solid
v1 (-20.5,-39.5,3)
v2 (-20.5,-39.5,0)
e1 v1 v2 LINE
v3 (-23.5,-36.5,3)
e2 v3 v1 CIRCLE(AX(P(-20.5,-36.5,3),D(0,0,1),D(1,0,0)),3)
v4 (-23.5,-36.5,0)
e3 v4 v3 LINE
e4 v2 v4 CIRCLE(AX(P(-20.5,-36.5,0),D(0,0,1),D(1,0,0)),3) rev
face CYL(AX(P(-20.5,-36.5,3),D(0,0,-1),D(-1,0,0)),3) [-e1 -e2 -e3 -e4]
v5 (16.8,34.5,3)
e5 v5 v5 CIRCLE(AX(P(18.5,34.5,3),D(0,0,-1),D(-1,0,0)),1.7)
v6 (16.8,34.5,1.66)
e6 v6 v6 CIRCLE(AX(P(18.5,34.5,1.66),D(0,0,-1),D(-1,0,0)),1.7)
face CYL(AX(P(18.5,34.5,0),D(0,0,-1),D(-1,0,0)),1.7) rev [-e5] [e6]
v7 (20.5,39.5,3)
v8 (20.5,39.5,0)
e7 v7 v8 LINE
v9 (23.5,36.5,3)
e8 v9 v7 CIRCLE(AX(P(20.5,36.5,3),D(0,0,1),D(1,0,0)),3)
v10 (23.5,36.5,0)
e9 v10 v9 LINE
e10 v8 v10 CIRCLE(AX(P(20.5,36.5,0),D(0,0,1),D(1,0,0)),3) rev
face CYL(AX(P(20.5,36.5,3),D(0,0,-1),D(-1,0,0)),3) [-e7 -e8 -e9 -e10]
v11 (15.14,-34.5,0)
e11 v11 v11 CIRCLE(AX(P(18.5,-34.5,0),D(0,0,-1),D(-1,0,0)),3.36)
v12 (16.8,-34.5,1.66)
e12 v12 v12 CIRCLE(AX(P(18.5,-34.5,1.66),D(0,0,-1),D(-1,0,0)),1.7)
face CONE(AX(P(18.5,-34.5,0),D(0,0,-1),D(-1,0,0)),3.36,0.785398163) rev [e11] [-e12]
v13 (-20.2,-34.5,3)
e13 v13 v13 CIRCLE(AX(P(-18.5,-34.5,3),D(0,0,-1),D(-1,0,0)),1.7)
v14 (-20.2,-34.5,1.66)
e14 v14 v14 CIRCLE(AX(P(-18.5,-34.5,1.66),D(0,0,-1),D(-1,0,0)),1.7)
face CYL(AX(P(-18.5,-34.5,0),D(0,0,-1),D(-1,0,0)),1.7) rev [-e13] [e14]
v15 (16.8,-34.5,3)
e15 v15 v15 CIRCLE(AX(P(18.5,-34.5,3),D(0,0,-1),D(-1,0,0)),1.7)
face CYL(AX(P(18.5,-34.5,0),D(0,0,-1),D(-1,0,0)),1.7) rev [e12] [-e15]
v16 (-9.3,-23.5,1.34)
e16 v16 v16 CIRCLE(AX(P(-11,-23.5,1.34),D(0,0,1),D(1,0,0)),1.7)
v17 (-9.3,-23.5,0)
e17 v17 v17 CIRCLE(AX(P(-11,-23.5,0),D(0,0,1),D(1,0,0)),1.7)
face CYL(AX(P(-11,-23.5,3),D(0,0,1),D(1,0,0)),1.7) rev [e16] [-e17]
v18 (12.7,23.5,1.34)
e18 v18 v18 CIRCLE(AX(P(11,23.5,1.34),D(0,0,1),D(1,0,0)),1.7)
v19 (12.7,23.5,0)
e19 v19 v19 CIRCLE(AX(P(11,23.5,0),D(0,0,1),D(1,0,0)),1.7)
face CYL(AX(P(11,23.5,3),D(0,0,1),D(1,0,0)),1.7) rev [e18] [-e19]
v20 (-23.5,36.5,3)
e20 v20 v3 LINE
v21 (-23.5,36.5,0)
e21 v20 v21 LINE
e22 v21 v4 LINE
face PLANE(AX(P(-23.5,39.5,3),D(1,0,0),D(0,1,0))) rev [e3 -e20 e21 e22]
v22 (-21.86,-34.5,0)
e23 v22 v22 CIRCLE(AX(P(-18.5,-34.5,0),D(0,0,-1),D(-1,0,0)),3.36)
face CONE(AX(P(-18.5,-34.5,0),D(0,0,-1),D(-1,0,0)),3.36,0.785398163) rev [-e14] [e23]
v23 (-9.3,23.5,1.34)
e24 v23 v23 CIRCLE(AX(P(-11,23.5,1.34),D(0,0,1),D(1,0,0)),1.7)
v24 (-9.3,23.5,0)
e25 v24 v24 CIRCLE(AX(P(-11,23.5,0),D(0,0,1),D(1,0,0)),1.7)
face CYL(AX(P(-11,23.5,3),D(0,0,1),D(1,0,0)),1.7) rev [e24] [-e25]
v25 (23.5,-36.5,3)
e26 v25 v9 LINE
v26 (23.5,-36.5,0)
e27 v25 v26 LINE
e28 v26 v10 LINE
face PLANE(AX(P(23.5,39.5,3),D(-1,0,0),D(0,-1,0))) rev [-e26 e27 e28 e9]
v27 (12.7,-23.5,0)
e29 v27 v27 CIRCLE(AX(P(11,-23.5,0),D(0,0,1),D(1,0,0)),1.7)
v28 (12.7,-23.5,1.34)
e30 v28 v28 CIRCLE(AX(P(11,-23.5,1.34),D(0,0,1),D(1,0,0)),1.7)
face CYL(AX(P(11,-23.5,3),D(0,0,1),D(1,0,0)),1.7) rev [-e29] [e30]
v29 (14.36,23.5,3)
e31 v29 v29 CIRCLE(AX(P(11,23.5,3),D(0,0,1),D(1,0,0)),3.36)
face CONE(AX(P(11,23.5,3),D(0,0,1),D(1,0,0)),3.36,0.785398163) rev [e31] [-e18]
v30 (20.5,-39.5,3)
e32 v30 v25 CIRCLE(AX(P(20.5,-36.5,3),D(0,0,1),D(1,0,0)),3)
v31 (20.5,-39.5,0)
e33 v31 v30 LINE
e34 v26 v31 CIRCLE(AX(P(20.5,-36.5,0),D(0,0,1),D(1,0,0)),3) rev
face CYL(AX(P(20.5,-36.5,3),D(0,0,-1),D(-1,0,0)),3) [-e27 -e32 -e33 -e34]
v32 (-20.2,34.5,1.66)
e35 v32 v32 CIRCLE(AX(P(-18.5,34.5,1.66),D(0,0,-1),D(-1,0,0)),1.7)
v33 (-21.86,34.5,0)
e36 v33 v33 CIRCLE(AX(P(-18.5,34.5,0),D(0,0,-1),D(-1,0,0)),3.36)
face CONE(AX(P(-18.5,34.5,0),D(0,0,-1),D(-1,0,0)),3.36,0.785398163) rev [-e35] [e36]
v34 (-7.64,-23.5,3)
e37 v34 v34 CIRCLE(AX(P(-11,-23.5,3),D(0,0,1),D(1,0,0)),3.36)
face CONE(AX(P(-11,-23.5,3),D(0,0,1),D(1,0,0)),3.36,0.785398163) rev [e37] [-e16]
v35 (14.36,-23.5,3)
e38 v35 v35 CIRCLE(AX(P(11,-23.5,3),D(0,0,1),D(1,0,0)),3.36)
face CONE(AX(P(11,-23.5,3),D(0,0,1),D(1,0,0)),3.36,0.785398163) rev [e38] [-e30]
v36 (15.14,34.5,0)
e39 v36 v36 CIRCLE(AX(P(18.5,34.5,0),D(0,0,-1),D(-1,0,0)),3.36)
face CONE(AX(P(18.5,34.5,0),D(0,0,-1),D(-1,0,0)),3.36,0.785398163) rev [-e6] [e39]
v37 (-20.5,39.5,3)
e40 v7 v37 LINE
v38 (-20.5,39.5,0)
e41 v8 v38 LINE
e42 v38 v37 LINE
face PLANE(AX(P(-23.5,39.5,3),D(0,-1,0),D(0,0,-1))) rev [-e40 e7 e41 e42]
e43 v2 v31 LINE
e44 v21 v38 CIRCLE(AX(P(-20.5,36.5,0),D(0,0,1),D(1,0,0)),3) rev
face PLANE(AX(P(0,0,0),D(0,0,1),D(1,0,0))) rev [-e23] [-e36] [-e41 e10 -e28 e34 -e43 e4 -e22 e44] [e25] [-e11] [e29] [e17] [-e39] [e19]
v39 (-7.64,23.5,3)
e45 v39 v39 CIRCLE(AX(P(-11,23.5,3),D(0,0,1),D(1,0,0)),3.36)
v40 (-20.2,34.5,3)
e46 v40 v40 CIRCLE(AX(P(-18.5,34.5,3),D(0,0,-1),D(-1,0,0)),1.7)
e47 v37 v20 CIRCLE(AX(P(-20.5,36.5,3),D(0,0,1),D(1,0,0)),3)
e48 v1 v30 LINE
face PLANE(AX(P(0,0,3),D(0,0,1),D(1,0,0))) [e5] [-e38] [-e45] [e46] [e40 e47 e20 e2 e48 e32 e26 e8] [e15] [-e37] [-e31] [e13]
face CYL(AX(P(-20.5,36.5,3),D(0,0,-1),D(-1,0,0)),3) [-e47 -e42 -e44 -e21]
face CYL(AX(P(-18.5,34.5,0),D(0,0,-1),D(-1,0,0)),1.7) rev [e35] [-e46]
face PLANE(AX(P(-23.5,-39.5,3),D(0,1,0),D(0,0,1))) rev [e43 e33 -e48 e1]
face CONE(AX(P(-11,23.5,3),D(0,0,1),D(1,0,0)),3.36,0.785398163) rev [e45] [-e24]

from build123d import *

# Parameters (mm, degrees)
SKETCH_1_W                 = 47
SKETCH_1_H                 = 79
EXTRUDE_1_DEPTH            = 3
HOLE_WIZARD_M31_AT_2_COUNT = 2
HOLE_WIZARD_M31_AT_2_PITCH = 22
HOLE_WIZARD_M31_AT_3_COUNT = 2
HOLE_WIZARD_M31_AT_3_PITCH = 47
HOLE_WIZARD_M31_AT_4_COUNT = 2
HOLE_WIZARD_M31_AT_4_PITCH = 51.894122981
HOLE_WIZARD_M32_AT_2_COUNT = 2
HOLE_WIZARD_M32_AT_2_PITCH = 37
HOLE_WIZARD_M32_AT_3_COUNT = 2
HOLE_WIZARD_M32_AT_3_PITCH = 69
HOLE_WIZARD_M32_AT_4_COUNT = 2
HOLE_WIZARD_M32_AT_4_PITCH = 78.294316524
FILLET_1_R                 = 3


with BuildPart() as part:
    # Эскиз1 → Бобышка-Вытянуть1 (new body)
    with BuildSketch(Plane.XY):
        Rectangle(SKETCH_1_W, SKETCH_1_H)
    extrude(amount=EXTRUDE_1_DEPTH)

    # Эскиз3 → Зенковка для  винта с потайной головкой с внутренним шестигранником M31 (revolve, cut)
    with BuildSketch(Plane(origin=(-11, 23.5, 3), x_dir=(0, -1, 0), z_dir=(1, 0, 0))):
        Polygon((0, 0), (0, 3), (1.7, 3), (1.7, 1.66), (3.36, 0), align=None)
    hole_wizard_m31 = revolve(axis=Axis((-11, 23.5, 9.35), (0, 0, -1)), mode=Mode.SUBTRACT)

    # Зенковка для  винта с потайной головкой с внутренним шестигранником M31 at 2: Зенковка для  винта с потайной головкой с внутренним шестигранником M31 ×2
    with Locations(*[(i * HOLE_WIZARD_M31_AT_2_PITCH, 0, 0) for i in range(1, HOLE_WIZARD_M31_AT_2_COUNT)]):
        add(hole_wizard_m31, mode=Mode.SUBTRACT)

    # Зенковка для  винта с потайной головкой с внутренним шестигранником M31 at 3: Зенковка для  винта с потайной головкой с внутренним шестигранником M31 ×2
    with Locations(*[(0, -i * HOLE_WIZARD_M31_AT_3_PITCH, 0) for i in range(1, HOLE_WIZARD_M31_AT_3_COUNT)]):
        add(hole_wizard_m31, mode=Mode.SUBTRACT)

    # Зенковка для  винта с потайной головкой с внутренним шестигранником M31 at 4: Зенковка для  винта с потайной головкой с внутренним шестигранником M31 ×2
    with Locations(*[Vector(0.42394010604863086, -0.9056902265584386, 0) * (i * HOLE_WIZARD_M31_AT_4_PITCH) for i in range(1, HOLE_WIZARD_M31_AT_4_COUNT)]):
        add(hole_wizard_m31, mode=Mode.SUBTRACT)

    # Эскиз6 → Зенковка для  винта с потайной головкой с внутренним шестигранником M32 (revolve, cut)
    with BuildSketch(Plane(origin=(18.5, 34.5, 0), x_dir=(0, 1, 0), z_dir=(1, 0, 0))):
        Polygon((0, 0), (0, 3), (1.7, 3), (1.7, 1.66), (3.36, 0), align=None)
    hole_wizard_m32 = revolve(axis=Axis((18.5, 34.5, -6.35), (0, 0, 1)), mode=Mode.SUBTRACT)

    # Зенковка для  винта с потайной головкой с внутренним шестигранником M32 at 2: Зенковка для  винта с потайной головкой с внутренним шестигранником M32 ×2
    with Locations(*[(-i * HOLE_WIZARD_M32_AT_2_PITCH, 0, 0) for i in range(1, HOLE_WIZARD_M32_AT_2_COUNT)]):
        add(hole_wizard_m32, mode=Mode.SUBTRACT)

    # Зенковка для  винта с потайной головкой с внутренним шестигранником M32 at 3: Зенковка для  винта с потайной головкой с внутренним шестигранником M32 ×2
    with Locations(*[(0, -i * HOLE_WIZARD_M32_AT_3_PITCH, 0) for i in range(1, HOLE_WIZARD_M32_AT_3_COUNT)]):
        add(hole_wizard_m32, mode=Mode.SUBTRACT)

    # Зенковка для  винта с потайной головкой с внутренним шестигранником M32 at 4: Зенковка для  винта с потайной головкой с внутренним шестигранником M32 ×2
    with Locations(*[Vector(-0.4725758093633575, -0.8812900228668016, 0) * (i * HOLE_WIZARD_M32_AT_4_PITCH) for i in range(1, HOLE_WIZARD_M32_AT_4_COUNT)]):
        add(hole_wizard_m32, mode=Mode.SUBTRACT)

    # Скругление1
    fillet_1_edges = [part.edges().sort_by_distance(p)[0] for p in [
        (23.5, -39.5, 1.5),
        (-23.5, -39.5, 1.5),
        (-23.5, 39.5, 1.5),
        (23.5, 39.5, 1.5),
    ]]
    fillet(fillet_1_edges, radius=FILLET_1_R)


solid = part.part
